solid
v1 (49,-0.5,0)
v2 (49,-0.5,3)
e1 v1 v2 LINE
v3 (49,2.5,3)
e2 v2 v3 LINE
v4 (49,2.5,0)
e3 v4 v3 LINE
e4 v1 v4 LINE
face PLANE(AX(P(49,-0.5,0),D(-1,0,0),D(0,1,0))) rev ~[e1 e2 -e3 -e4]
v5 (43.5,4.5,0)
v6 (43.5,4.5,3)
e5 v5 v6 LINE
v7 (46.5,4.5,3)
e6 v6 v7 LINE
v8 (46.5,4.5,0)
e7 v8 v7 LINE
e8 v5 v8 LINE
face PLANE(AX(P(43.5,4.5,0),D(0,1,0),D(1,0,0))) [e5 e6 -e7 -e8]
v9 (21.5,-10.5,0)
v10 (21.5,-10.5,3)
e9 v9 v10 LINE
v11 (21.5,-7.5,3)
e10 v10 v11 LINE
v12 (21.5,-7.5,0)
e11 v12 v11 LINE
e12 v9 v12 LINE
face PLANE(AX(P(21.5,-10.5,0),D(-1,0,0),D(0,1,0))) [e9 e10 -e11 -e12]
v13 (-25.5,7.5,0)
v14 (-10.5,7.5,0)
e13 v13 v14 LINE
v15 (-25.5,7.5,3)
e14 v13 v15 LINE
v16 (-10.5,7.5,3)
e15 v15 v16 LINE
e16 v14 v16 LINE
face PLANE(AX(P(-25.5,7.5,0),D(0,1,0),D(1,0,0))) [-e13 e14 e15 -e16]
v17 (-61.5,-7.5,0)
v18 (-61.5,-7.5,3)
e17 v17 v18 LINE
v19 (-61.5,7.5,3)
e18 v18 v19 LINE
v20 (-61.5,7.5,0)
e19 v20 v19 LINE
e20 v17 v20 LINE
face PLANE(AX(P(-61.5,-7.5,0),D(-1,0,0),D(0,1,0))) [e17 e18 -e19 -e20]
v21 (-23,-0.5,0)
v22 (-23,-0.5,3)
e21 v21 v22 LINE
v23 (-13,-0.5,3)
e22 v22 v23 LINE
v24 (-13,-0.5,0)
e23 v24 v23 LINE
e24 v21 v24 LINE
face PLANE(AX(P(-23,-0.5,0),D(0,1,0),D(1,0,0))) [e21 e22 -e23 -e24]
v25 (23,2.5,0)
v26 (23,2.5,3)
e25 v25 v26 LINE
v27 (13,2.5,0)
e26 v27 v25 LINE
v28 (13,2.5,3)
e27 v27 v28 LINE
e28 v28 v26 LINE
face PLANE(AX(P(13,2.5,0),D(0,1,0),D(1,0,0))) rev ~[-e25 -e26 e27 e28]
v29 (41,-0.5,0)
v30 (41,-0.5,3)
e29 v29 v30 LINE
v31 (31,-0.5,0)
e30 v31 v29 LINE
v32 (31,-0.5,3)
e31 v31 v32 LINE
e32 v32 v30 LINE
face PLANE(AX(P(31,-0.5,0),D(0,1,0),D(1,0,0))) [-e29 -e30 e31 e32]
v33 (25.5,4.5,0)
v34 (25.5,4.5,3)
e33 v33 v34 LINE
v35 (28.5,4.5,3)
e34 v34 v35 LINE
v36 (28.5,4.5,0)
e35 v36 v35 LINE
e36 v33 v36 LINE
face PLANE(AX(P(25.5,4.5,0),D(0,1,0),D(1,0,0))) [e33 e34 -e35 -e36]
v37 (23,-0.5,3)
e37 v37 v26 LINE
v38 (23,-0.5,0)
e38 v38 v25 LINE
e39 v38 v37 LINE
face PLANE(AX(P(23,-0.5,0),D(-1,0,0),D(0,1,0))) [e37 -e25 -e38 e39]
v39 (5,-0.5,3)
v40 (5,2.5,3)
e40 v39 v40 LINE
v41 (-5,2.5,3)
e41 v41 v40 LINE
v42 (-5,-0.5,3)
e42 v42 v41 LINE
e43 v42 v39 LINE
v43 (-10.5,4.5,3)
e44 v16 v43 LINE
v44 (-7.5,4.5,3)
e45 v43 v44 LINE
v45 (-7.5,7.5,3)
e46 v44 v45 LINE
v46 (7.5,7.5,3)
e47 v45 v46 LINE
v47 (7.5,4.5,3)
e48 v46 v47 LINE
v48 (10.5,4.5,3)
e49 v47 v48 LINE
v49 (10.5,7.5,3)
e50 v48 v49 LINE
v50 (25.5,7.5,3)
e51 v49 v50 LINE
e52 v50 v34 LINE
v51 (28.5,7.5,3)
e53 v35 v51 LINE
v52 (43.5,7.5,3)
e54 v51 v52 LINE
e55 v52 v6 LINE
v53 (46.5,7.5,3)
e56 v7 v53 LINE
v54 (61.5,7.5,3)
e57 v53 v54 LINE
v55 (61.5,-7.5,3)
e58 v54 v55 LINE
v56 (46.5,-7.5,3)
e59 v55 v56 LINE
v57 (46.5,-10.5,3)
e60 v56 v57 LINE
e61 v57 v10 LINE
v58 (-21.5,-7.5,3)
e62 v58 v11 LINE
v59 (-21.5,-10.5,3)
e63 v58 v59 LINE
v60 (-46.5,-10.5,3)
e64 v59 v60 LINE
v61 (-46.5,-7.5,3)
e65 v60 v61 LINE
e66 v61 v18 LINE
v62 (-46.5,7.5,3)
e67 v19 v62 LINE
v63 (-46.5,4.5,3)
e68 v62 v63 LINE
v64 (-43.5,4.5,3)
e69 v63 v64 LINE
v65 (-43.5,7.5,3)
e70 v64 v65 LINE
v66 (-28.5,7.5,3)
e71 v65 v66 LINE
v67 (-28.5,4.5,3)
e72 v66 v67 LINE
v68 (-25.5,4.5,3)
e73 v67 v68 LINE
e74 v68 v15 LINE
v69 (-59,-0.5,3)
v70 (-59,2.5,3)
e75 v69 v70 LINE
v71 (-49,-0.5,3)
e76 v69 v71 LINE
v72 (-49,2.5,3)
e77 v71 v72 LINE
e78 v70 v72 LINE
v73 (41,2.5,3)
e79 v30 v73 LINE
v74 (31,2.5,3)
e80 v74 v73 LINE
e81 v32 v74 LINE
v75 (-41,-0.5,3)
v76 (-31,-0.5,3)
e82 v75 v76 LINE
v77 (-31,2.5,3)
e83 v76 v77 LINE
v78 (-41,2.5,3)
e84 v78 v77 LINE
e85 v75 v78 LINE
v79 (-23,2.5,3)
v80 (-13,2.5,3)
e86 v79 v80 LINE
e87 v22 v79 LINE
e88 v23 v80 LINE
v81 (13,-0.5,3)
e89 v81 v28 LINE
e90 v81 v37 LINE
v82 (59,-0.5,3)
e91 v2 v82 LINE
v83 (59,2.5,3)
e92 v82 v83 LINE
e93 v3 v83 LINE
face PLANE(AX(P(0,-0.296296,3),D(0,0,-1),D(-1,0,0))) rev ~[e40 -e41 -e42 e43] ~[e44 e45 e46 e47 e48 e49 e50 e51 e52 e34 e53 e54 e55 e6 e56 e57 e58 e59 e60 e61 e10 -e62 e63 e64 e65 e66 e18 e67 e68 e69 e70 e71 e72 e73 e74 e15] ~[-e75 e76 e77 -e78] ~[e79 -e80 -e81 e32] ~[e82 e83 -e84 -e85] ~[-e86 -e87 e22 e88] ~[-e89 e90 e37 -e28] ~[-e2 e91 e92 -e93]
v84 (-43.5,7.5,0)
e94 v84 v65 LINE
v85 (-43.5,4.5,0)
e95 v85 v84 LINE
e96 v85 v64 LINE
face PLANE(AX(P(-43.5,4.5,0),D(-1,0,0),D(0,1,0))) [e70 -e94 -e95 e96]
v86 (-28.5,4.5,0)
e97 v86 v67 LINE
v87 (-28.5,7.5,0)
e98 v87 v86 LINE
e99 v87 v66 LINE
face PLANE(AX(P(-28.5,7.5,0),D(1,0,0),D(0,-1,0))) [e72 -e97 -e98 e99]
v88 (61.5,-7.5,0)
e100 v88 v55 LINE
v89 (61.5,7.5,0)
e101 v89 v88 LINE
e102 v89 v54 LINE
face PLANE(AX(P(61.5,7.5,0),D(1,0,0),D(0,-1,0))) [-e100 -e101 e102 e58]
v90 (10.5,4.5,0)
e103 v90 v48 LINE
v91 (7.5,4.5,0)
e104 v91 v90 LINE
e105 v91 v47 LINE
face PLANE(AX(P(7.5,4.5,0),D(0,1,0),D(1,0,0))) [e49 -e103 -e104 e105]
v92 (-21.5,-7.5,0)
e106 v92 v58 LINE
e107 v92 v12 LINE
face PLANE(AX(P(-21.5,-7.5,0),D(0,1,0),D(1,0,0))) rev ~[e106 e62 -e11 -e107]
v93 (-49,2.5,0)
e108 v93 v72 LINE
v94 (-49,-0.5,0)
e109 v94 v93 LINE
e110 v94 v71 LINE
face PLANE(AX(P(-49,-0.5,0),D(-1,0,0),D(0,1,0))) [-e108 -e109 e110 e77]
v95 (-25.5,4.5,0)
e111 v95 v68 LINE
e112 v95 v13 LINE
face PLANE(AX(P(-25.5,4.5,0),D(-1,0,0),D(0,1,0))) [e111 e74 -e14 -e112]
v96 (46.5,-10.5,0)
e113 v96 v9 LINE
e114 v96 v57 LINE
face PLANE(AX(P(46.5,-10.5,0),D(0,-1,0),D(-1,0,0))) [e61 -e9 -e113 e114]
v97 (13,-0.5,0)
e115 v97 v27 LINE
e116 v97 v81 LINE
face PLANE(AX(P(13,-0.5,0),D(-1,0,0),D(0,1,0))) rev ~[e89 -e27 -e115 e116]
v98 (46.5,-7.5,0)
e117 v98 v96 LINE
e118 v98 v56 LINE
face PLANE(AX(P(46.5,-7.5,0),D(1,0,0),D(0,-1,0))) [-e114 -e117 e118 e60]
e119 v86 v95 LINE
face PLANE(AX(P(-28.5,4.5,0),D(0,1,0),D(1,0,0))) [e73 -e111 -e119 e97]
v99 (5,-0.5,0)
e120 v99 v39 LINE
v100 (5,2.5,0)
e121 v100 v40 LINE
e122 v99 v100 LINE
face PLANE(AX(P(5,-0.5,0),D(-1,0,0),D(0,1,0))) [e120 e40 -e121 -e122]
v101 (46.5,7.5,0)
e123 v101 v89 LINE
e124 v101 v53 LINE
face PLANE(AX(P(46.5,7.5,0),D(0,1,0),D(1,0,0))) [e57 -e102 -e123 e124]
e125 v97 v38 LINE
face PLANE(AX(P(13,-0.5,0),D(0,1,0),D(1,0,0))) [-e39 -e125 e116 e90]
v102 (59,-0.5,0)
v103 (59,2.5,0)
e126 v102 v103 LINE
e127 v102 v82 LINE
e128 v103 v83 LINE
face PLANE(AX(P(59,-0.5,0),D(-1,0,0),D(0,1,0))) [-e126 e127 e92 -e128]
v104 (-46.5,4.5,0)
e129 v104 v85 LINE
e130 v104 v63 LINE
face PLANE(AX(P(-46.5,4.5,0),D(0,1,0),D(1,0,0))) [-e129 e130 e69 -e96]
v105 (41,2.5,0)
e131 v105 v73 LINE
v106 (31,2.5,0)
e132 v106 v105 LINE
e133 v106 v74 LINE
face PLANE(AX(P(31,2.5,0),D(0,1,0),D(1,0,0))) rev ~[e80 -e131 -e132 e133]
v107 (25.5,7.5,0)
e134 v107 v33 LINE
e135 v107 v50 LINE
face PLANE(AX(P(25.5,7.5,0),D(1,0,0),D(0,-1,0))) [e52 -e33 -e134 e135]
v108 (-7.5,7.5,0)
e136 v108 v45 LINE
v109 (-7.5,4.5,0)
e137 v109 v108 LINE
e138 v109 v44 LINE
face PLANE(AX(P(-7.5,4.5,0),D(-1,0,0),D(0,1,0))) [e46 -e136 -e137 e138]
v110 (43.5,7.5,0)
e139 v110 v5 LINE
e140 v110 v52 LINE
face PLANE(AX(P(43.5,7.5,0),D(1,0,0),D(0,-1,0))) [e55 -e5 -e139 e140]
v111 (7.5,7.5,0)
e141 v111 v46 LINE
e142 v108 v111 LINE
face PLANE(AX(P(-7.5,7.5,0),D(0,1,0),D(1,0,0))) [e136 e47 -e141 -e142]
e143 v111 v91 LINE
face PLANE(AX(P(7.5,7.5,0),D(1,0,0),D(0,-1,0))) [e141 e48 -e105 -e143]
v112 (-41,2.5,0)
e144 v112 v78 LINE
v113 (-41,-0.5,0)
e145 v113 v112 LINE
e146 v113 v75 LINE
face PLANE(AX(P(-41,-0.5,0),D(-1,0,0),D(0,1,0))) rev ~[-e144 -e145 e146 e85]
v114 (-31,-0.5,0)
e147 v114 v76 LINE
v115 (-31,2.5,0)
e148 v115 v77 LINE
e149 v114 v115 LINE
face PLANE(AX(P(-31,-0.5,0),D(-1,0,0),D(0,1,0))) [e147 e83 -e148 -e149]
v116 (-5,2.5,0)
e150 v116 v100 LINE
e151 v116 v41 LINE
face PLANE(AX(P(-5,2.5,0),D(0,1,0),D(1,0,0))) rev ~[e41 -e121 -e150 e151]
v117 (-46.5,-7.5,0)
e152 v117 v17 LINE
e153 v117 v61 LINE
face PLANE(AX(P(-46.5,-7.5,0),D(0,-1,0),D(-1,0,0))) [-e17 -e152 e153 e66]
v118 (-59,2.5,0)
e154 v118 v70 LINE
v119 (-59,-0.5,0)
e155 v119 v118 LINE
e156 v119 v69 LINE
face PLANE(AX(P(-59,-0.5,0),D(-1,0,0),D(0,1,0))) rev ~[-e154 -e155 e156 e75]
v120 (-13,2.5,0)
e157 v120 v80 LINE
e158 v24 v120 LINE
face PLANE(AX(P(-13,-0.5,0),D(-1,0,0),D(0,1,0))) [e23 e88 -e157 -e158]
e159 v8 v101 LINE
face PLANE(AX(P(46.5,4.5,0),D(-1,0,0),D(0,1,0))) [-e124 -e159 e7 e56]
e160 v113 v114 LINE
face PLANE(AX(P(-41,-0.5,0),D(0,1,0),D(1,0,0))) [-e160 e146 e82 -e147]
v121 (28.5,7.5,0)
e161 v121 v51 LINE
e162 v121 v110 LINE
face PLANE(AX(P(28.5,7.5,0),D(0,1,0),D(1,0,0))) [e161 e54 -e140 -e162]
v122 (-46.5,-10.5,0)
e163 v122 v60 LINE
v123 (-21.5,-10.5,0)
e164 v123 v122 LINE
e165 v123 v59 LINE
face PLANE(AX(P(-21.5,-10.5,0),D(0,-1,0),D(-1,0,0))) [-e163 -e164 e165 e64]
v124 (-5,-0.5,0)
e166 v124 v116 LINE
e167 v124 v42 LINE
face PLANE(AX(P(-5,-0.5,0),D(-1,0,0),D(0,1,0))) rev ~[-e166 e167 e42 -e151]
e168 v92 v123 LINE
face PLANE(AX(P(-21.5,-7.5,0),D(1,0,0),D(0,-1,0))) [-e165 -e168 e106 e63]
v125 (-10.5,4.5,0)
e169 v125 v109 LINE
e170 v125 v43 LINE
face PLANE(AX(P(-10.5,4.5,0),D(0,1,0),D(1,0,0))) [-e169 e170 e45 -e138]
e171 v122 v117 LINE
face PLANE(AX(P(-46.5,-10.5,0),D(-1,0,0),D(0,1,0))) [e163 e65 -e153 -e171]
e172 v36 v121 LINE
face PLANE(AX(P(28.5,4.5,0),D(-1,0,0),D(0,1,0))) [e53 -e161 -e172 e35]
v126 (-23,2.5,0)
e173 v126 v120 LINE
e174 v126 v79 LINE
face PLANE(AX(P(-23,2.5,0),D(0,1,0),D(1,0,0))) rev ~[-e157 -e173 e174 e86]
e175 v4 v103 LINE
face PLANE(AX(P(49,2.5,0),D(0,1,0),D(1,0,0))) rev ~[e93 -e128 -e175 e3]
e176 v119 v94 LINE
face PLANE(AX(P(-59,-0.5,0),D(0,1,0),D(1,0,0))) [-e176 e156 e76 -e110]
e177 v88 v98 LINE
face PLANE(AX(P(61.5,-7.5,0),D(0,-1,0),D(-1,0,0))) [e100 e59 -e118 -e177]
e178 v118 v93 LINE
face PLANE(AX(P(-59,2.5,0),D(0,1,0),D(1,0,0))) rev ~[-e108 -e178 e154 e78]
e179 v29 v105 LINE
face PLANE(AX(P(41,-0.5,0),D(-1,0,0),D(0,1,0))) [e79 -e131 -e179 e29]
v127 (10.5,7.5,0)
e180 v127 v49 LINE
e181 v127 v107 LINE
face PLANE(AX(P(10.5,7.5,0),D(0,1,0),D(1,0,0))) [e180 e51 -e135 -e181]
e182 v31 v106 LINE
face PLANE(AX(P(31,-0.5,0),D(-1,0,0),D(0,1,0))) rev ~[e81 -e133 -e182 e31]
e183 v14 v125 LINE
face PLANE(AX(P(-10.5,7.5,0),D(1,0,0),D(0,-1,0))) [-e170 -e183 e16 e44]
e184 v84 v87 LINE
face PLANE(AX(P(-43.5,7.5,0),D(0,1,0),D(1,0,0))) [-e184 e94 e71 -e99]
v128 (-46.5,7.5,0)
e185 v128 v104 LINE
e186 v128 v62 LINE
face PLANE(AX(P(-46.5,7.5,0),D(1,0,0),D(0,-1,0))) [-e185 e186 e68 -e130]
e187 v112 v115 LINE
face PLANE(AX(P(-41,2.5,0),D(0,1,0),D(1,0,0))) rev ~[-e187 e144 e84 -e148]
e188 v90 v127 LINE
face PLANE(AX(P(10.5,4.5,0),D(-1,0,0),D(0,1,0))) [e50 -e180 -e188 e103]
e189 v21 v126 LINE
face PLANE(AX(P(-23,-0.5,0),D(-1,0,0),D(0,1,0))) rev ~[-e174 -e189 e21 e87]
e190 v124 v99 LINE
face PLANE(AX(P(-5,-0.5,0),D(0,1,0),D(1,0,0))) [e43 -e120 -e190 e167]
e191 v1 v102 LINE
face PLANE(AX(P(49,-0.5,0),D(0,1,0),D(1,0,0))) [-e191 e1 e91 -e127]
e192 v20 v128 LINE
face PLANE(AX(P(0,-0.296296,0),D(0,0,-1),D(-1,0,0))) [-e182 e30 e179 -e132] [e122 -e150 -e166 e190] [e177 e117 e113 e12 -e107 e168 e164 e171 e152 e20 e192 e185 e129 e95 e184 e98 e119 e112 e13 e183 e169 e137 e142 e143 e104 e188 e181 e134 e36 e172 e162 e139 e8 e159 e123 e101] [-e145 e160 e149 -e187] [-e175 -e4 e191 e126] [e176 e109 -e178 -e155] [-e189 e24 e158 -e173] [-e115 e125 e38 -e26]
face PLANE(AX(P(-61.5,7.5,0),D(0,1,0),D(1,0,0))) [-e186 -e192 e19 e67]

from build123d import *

# Parameters (mm, degrees)
SKETCH2_W           = 10
SKETCH2_H           = 3
BOSS_EXTRUDE2_DEPTH = 3


with BuildPart() as part:
    # Sketch2 → Boss-Extrude2 (new body)
    with BuildSketch(Plane.XY):
        Polygon((-43.5, 7.5), (-28.5, 7.5), (-28.5, 4.5), (-25.5, 4.5), (-25.5, 7.5), (-10.5, 7.5), (-10.5, 4.5), (-7.5, 4.5), (-7.5, 7.5), (7.5, 7.5), (7.5, 4.5), (10.5, 4.5), (10.5, 7.5), (25.5, 7.5), (25.5, 4.5), (28.5, 4.5), (28.5, 7.5), (43.5, 7.5), (43.5, 4.5), (46.5, 4.5), (46.5, 7.5), (61.5, 7.5), (61.5, -7.5), (46.5, -7.5), (46.5, -10.5), (21.5, -10.5), (21.5, -7.5), (10, -7.5), (-10, -7.5), (-21.5, -7.5), (-21.5, -10.5), (-46.5, -10.5), (-46.5, -7.5), (-61.5, -7.5), (-61.5, 7.5), (-46.5, 7.5), (-46.5, 4.5), (-43.5, 4.5), align=None)
        with Locations((-54, 1)):
            Rectangle(SKETCH2_W, SKETCH2_H, mode=Mode.SUBTRACT)
        with Locations((-36, 1)):
            Rectangle(SKETCH2_W, SKETCH2_H, mode=Mode.SUBTRACT)
        with Locations((-18, 1)):
            Rectangle(SKETCH2_W, SKETCH2_H, mode=Mode.SUBTRACT)
        with Locations((0, 1)):
            Rectangle(SKETCH2_W, SKETCH2_H, mode=Mode.SUBTRACT)
        with Locations((18, 1)):
            Rectangle(SKETCH2_W, SKETCH2_H, mode=Mode.SUBTRACT)
        with Locations((36, 1)):
            Rectangle(SKETCH2_W, SKETCH2_H, mode=Mode.SUBTRACT)
        with Locations((54, 1)):
            Rectangle(SKETCH2_W, SKETCH2_H, mode=Mode.SUBTRACT)
    extrude(amount=BOSS_EXTRUDE2_DEPTH)


solid = part.part
